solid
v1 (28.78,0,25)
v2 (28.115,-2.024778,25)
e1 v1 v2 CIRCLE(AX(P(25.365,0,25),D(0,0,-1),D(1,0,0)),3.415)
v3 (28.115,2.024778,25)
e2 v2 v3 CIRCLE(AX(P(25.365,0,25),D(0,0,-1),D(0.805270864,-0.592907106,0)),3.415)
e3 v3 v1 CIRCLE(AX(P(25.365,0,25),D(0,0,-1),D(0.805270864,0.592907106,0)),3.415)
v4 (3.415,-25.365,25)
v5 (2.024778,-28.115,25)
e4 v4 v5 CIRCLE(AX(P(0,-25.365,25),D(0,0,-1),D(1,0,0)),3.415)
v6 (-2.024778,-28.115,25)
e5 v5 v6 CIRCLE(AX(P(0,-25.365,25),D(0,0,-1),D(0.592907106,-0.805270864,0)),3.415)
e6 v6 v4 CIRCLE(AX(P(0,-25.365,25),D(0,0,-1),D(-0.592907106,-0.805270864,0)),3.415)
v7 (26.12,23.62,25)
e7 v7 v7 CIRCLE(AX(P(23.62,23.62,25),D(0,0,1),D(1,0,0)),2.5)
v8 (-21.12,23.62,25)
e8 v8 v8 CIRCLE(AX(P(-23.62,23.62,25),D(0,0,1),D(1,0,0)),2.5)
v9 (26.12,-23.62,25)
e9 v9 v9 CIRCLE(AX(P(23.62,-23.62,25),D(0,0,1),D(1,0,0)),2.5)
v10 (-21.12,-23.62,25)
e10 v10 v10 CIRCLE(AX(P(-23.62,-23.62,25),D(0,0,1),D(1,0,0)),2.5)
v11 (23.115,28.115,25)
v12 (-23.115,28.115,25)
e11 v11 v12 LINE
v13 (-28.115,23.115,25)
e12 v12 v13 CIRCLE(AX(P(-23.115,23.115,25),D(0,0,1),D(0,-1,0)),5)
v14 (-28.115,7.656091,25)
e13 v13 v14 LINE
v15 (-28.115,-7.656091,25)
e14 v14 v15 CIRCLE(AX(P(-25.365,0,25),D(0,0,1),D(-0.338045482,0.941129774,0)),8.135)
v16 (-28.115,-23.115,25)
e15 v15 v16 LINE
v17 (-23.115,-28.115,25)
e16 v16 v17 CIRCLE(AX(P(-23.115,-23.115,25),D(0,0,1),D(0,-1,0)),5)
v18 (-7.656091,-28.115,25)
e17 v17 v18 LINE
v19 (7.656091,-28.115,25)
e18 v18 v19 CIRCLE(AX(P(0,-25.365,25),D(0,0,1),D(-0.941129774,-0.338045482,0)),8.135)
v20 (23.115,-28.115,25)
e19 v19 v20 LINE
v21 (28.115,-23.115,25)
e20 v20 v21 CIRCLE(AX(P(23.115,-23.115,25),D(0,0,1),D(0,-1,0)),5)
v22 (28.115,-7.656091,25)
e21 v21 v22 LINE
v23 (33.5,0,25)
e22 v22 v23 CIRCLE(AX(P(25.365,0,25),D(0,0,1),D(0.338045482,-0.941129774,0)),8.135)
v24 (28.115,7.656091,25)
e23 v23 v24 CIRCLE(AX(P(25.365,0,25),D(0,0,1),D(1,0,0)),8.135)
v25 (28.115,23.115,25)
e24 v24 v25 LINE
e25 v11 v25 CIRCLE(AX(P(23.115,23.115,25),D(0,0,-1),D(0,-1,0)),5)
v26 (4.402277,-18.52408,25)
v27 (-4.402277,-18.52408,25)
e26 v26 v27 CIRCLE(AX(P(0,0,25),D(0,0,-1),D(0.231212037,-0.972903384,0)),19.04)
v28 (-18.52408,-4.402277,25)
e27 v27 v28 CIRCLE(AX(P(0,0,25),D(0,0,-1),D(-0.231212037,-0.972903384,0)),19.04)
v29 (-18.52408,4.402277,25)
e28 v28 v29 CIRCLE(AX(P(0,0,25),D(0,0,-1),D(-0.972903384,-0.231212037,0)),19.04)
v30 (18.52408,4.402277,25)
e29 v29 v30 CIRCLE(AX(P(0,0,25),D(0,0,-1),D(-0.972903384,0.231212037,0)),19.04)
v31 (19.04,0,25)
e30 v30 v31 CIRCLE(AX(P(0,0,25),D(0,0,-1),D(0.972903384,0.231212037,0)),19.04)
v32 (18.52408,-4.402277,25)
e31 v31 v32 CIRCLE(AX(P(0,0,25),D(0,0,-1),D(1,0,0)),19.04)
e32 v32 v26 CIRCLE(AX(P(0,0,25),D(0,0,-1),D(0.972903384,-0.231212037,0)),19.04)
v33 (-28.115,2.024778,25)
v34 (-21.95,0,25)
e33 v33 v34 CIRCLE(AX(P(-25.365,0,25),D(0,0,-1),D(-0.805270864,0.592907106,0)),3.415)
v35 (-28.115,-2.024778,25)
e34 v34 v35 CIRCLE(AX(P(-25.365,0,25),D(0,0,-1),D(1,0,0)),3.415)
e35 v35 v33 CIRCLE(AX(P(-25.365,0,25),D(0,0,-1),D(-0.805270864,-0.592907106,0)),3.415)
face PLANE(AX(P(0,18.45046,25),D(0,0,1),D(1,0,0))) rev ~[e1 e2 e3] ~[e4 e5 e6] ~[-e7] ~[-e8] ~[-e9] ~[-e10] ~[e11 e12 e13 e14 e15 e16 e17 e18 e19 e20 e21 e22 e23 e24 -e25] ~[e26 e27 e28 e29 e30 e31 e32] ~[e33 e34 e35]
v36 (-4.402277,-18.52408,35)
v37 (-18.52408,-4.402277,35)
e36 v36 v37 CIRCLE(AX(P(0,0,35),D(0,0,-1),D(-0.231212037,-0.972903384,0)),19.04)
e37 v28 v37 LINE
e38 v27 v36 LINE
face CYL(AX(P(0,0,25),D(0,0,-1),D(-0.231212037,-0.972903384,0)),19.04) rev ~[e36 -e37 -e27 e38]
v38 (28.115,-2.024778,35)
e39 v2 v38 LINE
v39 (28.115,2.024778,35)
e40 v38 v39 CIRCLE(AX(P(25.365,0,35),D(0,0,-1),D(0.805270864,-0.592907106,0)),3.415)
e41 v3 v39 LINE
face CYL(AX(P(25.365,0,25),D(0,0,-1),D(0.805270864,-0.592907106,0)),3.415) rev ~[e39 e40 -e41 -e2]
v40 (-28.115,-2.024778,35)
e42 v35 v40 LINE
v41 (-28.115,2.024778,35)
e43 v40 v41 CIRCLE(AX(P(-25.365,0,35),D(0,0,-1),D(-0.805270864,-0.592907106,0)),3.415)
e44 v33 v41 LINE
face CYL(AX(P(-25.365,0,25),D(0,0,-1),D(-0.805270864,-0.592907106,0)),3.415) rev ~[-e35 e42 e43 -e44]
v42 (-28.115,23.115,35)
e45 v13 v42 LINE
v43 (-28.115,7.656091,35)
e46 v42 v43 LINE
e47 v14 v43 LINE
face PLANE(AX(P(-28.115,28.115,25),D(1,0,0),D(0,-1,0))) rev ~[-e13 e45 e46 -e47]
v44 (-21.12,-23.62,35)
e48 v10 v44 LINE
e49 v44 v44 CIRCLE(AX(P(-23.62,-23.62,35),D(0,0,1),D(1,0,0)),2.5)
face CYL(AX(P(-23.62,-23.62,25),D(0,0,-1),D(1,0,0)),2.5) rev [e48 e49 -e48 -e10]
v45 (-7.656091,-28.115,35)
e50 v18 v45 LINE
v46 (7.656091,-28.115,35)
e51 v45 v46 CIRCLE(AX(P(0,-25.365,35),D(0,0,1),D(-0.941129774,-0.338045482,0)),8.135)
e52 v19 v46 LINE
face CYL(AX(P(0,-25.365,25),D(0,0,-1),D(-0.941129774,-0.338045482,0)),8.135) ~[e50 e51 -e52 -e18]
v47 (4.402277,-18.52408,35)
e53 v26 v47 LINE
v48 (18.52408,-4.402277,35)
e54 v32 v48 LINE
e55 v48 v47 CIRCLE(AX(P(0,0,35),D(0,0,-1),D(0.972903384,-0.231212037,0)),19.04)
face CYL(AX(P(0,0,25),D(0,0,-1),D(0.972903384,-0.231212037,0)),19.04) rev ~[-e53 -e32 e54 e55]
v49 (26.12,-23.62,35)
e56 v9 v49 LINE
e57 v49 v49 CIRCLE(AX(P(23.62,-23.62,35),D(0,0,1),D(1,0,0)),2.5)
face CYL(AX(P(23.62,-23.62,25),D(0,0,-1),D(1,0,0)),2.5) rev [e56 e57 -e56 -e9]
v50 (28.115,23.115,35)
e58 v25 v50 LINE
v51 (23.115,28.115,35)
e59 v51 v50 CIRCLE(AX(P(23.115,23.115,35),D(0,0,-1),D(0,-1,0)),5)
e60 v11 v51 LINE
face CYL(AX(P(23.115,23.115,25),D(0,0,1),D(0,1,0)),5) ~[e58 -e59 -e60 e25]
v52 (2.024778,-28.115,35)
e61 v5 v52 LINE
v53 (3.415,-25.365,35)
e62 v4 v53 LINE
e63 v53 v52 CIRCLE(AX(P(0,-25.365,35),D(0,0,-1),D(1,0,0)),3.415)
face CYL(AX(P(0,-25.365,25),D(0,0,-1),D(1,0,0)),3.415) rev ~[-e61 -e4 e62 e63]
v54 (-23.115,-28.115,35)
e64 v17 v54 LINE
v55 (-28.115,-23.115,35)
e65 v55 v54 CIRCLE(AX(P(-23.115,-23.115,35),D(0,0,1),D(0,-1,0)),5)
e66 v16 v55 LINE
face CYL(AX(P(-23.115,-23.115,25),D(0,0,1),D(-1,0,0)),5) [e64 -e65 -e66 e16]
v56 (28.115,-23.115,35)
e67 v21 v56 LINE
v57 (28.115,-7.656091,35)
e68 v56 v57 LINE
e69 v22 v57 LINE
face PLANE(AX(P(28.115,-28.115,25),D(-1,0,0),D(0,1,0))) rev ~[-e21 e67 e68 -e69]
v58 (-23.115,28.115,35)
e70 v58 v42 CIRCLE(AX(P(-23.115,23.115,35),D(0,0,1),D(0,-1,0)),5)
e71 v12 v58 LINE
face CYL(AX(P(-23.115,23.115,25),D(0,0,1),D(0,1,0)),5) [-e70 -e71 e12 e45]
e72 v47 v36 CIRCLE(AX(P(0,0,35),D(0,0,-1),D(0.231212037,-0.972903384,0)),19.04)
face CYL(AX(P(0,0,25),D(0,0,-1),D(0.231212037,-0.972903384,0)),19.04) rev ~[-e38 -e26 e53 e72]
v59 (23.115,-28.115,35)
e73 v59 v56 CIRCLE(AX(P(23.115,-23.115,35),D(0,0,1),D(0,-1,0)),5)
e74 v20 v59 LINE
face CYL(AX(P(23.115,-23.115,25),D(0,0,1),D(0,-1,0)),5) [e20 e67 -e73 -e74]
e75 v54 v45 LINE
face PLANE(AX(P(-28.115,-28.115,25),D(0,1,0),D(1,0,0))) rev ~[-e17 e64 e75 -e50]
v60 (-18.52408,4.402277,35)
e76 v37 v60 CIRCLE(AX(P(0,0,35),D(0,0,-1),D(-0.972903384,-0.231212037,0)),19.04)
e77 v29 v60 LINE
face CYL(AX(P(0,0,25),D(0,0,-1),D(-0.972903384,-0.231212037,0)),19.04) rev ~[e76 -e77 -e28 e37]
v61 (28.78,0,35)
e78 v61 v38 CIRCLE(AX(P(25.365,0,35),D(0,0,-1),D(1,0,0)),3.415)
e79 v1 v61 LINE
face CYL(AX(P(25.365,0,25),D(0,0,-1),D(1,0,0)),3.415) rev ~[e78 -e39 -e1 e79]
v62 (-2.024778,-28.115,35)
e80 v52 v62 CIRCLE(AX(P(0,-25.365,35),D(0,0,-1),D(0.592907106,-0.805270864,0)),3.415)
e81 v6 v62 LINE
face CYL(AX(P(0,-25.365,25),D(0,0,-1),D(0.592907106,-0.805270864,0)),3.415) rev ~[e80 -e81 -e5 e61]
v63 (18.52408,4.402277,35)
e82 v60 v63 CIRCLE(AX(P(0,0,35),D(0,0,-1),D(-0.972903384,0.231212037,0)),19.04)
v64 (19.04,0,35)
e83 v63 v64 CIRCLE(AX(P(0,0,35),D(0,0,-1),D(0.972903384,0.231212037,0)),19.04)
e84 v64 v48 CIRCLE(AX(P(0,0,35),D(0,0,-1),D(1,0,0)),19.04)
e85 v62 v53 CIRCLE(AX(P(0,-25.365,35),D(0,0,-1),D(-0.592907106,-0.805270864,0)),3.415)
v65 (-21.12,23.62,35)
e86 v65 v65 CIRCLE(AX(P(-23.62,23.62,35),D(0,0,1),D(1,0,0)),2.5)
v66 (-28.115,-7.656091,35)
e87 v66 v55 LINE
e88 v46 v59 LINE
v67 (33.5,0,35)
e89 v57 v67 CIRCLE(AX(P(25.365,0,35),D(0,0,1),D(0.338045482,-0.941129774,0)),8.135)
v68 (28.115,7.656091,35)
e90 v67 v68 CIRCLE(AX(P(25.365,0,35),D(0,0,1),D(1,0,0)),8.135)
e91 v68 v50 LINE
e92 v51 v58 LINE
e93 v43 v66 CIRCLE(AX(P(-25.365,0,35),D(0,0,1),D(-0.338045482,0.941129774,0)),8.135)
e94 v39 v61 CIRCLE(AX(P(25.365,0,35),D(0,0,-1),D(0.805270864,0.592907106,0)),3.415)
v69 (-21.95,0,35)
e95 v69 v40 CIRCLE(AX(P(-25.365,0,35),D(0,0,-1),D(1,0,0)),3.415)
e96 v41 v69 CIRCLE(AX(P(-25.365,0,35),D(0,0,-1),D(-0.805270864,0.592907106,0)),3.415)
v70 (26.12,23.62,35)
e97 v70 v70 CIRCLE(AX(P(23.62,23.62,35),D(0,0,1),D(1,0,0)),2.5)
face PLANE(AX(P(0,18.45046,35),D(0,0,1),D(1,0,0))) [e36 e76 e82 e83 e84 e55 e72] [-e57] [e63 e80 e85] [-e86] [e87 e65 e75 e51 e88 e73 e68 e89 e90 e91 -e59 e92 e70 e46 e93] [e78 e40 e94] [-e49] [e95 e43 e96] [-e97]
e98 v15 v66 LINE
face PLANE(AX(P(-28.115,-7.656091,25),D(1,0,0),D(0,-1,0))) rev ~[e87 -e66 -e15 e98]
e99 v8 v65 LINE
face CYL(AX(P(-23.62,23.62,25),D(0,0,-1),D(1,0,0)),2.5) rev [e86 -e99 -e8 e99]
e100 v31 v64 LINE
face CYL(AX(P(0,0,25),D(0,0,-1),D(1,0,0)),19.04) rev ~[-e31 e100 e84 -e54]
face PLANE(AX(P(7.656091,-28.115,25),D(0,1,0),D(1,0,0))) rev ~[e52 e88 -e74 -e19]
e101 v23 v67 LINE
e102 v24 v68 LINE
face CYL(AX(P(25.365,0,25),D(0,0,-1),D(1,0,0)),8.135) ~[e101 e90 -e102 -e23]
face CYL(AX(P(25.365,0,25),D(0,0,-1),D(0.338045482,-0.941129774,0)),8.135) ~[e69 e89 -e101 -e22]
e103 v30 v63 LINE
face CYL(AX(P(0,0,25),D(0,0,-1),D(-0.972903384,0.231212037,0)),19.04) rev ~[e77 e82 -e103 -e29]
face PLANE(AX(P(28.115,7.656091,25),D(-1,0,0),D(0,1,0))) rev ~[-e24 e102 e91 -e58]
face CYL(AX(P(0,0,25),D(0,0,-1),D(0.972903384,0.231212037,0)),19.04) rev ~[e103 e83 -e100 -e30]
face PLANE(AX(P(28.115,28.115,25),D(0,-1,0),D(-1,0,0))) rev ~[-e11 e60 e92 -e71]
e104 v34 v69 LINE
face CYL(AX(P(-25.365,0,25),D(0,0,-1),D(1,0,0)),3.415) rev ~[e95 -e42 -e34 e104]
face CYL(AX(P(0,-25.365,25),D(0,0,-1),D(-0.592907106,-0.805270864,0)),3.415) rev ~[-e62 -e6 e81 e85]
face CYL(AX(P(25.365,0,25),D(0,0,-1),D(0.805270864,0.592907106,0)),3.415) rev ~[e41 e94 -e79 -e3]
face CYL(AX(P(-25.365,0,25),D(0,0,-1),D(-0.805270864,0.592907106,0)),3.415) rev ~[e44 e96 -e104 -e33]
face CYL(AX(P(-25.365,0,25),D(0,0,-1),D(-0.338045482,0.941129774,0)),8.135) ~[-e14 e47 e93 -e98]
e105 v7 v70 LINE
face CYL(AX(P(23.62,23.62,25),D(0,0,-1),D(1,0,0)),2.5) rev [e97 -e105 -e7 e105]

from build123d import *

# Parameters (mm, degrees)
F1_START = 25
F0_R     = 2.5
F1_DEPTH = 10
F2_R     = 5


with BuildPart() as f1:
    # F0 (on Top) → F1 (new body)
    with BuildSketch(Plane.XY.offset(F1_START)):
        with BuildLine():
            Line((28.115, 28.115), (-28.115, 28.115))
            Line((-28.115, 28.115), (-28.115, 7.6560907126))
            ThreePointArc((-28.115, 7.6560907126), (-22.7514332101, 7.7037324483), (-18.5240804258, 4.4022771811))
            ThreePointArc((-18.5240804258, 4.4022771811), (0, 19.04), (18.5240804258, 4.4022771811))
            ThreePointArc((18.5240804258, 4.4022771811), (22.7514332101, 7.7037324483), (28.115, 7.6560907126))
            Line((28.115, 7.6560907126), (28.115, 28.115))
        make_face()
        with Locations((-23.62, 23.62)):
            Circle(F0_R, mode=Mode.SUBTRACT)
        with Locations((23.62, 23.62)):
            Circle(F0_R, mode=Mode.SUBTRACT)
        with BuildLine():
            Line((-28.115, 2.0247777656), (-28.115, 7.6560907126))
            ThreePointArc((-28.115, 7.6560907126), (-33.5, 0), (-28.115, -7.6560907126))
            Line((-28.115, -7.6560907126), (-28.115, -2.0247777656))
            ThreePointArc((-28.115, -2.0247777656), (-28.78, 0), (-28.115, 2.0247777656))
        make_face()
        with BuildLine():
            ThreePointArc((-18.5240804258, 4.4022771811), (-22.7514332101, 7.7037324483), (-28.115, 7.6560907126))
            Line((-28.115, 7.6560907126), (-28.115, 2.0247777656))
            ThreePointArc((-28.115, 2.0247777656), (-24.2994074418, 3.2444934119), (-21.95, 0))
            ThreePointArc((-21.95, 0), (-24.2994074418, -3.2444934119), (-28.115, -2.0247777656))
            Line((-28.115, -2.0247777656), (-28.115, -7.6560907126))
            ThreePointArc((-28.115, -7.6560907126), (-22.7514332101, -7.7037324483), (-18.5240804258, -4.4022771811))
            ThreePointArc((-18.5240804258, -4.4022771811), (-19.04, 0), (-18.5240804258, 4.4022771811))
        make_face()
        with BuildLine():
            ThreePointArc((-18.5240804258, -4.4022771811), (-22.7514332101, -7.7037324483), (-28.115, -7.6560907126))
            Line((-28.115, -7.6560907126), (-28.115, -28.115))
            Line((-28.115, -28.115), (-7.6560907126, -28.115))
            ThreePointArc((-7.6560907126, -28.115), (-7.7037324483, -22.7514332101), (-4.4022771811, -18.5240804258))
            ThreePointArc((-4.4022771811, -18.5240804258), (-13.4633131138, -13.4633131138), (-18.5240804258, -4.4022771811))
        make_face()
        with Locations((-23.62, -23.62)):
            Circle(F0_R, mode=Mode.SUBTRACT)
        with BuildLine():
            Line((28.115, 2.0247777656), (28.115, 7.6560907126))
            ThreePointArc((28.115, 7.6560907126), (22.7514332101, 7.7037324483), (18.5240804258, 4.4022771811))
            ThreePointArc((18.5240804258, 4.4022771811), (18.9105802569, 2.2162026862), (19.04, 0))
            ThreePointArc((19.04, 0), (18.9105802569, -2.2162026862), (18.5240804258, -4.4022771811))
            ThreePointArc((18.5240804258, -4.4022771811), (22.7514332101, -7.7037324483), (28.115, -7.6560907126))
            Line((28.115, -7.6560907126), (28.115, -2.0247777656))
            ThreePointArc((28.115, -2.0247777656), (21.95, 0), (28.115, 2.0247777656))
        make_face()
        with BuildLine():
            ThreePointArc((33.5, 0), (32.0189264724, 4.6801161845), (28.115, 7.6560907126))
            Line((28.115, 7.6560907126), (28.115, 2.0247777656))
            ThreePointArc((28.115, 2.0247777656), (28.6094934119, 1.0655925582), (28.78, 0))
            ThreePointArc((28.78, 0), (28.6094934119, -1.0655925582), (28.115, -2.0247777656))
            Line((28.115, -2.0247777656), (28.115, -7.6560907126))
            ThreePointArc((28.115, -7.6560907126), (32.0189264724, -4.6801161845), (33.5, 0))
        make_face()
        with BuildLine():
            Line((28.115, -28.115), (28.115, -7.6560907126))
            ThreePointArc((28.115, -7.6560907126), (22.7514332101, -7.7037324483), (18.5240804258, -4.4022771811))
            ThreePointArc((18.5240804258, -4.4022771811), (13.4633131138, -13.4633131138), (4.4022771811, -18.5240804258))
            ThreePointArc((4.4022771811, -18.5240804258), (7.1411046018, -21.4684823155), (8.135, -25.365))
            ThreePointArc((8.135, -25.365), (8.0143784209, -26.7606946394), (7.6560907126, -28.115))
            Line((7.6560907126, -28.115), (28.115, -28.115))
        make_face()
        with Locations((23.62, -23.62)):
            Circle(F0_R, mode=Mode.SUBTRACT)
        with BuildLine():
            ThreePointArc((4.4022771811, -18.5240804258), (0, -19.04), (-4.4022771811, -18.5240804258))
            ThreePointArc((-4.4022771811, -18.5240804258), (-7.7037324483, -22.7514332101), (-7.6560907126, -28.115))
            Line((-7.6560907126, -28.115), (-2.0247777656, -28.115))
            ThreePointArc((-2.0247777656, -28.115), (-1.5407155692, -22.3173089831), (3.415, -25.365))
            ThreePointArc((3.415, -25.365), (3.0476910169, -26.9057155692), (2.0247777656, -28.115))
            Line((2.0247777656, -28.115), (7.6560907126, -28.115))
            ThreePointArc((7.6560907126, -28.115), (8.0143784209, -26.7606946394), (8.135, -25.365))
            ThreePointArc((8.135, -25.365), (7.1411046018, -21.4684823155), (4.4022771811, -18.5240804258))
        make_face()
        with BuildLine():
            Line((-2.0247777656, -28.115), (-7.6560907126, -28.115))
            ThreePointArc((-7.6560907126, -28.115), (0, -33.5), (7.6560907126, -28.115))
            Line((7.6560907126, -28.115), (2.0247777656, -28.115))
            ThreePointArc((2.0247777656, -28.115), (0, -28.78), (-2.0247777656, -28.115))
        make_face()
    extrude(amount=F1_DEPTH)

    # F2
    f2_edges = [f1.edges().sort_by_distance(p)[0] for p in [
        (-28.115, -28.115, 30),
        (28.115, -28.115, 30),
        (28.115, 28.115, 30),
        (-28.115, 28.115, 30),
    ]]
    fillet(f2_edges, radius=F2_R)


solid = f1.part
